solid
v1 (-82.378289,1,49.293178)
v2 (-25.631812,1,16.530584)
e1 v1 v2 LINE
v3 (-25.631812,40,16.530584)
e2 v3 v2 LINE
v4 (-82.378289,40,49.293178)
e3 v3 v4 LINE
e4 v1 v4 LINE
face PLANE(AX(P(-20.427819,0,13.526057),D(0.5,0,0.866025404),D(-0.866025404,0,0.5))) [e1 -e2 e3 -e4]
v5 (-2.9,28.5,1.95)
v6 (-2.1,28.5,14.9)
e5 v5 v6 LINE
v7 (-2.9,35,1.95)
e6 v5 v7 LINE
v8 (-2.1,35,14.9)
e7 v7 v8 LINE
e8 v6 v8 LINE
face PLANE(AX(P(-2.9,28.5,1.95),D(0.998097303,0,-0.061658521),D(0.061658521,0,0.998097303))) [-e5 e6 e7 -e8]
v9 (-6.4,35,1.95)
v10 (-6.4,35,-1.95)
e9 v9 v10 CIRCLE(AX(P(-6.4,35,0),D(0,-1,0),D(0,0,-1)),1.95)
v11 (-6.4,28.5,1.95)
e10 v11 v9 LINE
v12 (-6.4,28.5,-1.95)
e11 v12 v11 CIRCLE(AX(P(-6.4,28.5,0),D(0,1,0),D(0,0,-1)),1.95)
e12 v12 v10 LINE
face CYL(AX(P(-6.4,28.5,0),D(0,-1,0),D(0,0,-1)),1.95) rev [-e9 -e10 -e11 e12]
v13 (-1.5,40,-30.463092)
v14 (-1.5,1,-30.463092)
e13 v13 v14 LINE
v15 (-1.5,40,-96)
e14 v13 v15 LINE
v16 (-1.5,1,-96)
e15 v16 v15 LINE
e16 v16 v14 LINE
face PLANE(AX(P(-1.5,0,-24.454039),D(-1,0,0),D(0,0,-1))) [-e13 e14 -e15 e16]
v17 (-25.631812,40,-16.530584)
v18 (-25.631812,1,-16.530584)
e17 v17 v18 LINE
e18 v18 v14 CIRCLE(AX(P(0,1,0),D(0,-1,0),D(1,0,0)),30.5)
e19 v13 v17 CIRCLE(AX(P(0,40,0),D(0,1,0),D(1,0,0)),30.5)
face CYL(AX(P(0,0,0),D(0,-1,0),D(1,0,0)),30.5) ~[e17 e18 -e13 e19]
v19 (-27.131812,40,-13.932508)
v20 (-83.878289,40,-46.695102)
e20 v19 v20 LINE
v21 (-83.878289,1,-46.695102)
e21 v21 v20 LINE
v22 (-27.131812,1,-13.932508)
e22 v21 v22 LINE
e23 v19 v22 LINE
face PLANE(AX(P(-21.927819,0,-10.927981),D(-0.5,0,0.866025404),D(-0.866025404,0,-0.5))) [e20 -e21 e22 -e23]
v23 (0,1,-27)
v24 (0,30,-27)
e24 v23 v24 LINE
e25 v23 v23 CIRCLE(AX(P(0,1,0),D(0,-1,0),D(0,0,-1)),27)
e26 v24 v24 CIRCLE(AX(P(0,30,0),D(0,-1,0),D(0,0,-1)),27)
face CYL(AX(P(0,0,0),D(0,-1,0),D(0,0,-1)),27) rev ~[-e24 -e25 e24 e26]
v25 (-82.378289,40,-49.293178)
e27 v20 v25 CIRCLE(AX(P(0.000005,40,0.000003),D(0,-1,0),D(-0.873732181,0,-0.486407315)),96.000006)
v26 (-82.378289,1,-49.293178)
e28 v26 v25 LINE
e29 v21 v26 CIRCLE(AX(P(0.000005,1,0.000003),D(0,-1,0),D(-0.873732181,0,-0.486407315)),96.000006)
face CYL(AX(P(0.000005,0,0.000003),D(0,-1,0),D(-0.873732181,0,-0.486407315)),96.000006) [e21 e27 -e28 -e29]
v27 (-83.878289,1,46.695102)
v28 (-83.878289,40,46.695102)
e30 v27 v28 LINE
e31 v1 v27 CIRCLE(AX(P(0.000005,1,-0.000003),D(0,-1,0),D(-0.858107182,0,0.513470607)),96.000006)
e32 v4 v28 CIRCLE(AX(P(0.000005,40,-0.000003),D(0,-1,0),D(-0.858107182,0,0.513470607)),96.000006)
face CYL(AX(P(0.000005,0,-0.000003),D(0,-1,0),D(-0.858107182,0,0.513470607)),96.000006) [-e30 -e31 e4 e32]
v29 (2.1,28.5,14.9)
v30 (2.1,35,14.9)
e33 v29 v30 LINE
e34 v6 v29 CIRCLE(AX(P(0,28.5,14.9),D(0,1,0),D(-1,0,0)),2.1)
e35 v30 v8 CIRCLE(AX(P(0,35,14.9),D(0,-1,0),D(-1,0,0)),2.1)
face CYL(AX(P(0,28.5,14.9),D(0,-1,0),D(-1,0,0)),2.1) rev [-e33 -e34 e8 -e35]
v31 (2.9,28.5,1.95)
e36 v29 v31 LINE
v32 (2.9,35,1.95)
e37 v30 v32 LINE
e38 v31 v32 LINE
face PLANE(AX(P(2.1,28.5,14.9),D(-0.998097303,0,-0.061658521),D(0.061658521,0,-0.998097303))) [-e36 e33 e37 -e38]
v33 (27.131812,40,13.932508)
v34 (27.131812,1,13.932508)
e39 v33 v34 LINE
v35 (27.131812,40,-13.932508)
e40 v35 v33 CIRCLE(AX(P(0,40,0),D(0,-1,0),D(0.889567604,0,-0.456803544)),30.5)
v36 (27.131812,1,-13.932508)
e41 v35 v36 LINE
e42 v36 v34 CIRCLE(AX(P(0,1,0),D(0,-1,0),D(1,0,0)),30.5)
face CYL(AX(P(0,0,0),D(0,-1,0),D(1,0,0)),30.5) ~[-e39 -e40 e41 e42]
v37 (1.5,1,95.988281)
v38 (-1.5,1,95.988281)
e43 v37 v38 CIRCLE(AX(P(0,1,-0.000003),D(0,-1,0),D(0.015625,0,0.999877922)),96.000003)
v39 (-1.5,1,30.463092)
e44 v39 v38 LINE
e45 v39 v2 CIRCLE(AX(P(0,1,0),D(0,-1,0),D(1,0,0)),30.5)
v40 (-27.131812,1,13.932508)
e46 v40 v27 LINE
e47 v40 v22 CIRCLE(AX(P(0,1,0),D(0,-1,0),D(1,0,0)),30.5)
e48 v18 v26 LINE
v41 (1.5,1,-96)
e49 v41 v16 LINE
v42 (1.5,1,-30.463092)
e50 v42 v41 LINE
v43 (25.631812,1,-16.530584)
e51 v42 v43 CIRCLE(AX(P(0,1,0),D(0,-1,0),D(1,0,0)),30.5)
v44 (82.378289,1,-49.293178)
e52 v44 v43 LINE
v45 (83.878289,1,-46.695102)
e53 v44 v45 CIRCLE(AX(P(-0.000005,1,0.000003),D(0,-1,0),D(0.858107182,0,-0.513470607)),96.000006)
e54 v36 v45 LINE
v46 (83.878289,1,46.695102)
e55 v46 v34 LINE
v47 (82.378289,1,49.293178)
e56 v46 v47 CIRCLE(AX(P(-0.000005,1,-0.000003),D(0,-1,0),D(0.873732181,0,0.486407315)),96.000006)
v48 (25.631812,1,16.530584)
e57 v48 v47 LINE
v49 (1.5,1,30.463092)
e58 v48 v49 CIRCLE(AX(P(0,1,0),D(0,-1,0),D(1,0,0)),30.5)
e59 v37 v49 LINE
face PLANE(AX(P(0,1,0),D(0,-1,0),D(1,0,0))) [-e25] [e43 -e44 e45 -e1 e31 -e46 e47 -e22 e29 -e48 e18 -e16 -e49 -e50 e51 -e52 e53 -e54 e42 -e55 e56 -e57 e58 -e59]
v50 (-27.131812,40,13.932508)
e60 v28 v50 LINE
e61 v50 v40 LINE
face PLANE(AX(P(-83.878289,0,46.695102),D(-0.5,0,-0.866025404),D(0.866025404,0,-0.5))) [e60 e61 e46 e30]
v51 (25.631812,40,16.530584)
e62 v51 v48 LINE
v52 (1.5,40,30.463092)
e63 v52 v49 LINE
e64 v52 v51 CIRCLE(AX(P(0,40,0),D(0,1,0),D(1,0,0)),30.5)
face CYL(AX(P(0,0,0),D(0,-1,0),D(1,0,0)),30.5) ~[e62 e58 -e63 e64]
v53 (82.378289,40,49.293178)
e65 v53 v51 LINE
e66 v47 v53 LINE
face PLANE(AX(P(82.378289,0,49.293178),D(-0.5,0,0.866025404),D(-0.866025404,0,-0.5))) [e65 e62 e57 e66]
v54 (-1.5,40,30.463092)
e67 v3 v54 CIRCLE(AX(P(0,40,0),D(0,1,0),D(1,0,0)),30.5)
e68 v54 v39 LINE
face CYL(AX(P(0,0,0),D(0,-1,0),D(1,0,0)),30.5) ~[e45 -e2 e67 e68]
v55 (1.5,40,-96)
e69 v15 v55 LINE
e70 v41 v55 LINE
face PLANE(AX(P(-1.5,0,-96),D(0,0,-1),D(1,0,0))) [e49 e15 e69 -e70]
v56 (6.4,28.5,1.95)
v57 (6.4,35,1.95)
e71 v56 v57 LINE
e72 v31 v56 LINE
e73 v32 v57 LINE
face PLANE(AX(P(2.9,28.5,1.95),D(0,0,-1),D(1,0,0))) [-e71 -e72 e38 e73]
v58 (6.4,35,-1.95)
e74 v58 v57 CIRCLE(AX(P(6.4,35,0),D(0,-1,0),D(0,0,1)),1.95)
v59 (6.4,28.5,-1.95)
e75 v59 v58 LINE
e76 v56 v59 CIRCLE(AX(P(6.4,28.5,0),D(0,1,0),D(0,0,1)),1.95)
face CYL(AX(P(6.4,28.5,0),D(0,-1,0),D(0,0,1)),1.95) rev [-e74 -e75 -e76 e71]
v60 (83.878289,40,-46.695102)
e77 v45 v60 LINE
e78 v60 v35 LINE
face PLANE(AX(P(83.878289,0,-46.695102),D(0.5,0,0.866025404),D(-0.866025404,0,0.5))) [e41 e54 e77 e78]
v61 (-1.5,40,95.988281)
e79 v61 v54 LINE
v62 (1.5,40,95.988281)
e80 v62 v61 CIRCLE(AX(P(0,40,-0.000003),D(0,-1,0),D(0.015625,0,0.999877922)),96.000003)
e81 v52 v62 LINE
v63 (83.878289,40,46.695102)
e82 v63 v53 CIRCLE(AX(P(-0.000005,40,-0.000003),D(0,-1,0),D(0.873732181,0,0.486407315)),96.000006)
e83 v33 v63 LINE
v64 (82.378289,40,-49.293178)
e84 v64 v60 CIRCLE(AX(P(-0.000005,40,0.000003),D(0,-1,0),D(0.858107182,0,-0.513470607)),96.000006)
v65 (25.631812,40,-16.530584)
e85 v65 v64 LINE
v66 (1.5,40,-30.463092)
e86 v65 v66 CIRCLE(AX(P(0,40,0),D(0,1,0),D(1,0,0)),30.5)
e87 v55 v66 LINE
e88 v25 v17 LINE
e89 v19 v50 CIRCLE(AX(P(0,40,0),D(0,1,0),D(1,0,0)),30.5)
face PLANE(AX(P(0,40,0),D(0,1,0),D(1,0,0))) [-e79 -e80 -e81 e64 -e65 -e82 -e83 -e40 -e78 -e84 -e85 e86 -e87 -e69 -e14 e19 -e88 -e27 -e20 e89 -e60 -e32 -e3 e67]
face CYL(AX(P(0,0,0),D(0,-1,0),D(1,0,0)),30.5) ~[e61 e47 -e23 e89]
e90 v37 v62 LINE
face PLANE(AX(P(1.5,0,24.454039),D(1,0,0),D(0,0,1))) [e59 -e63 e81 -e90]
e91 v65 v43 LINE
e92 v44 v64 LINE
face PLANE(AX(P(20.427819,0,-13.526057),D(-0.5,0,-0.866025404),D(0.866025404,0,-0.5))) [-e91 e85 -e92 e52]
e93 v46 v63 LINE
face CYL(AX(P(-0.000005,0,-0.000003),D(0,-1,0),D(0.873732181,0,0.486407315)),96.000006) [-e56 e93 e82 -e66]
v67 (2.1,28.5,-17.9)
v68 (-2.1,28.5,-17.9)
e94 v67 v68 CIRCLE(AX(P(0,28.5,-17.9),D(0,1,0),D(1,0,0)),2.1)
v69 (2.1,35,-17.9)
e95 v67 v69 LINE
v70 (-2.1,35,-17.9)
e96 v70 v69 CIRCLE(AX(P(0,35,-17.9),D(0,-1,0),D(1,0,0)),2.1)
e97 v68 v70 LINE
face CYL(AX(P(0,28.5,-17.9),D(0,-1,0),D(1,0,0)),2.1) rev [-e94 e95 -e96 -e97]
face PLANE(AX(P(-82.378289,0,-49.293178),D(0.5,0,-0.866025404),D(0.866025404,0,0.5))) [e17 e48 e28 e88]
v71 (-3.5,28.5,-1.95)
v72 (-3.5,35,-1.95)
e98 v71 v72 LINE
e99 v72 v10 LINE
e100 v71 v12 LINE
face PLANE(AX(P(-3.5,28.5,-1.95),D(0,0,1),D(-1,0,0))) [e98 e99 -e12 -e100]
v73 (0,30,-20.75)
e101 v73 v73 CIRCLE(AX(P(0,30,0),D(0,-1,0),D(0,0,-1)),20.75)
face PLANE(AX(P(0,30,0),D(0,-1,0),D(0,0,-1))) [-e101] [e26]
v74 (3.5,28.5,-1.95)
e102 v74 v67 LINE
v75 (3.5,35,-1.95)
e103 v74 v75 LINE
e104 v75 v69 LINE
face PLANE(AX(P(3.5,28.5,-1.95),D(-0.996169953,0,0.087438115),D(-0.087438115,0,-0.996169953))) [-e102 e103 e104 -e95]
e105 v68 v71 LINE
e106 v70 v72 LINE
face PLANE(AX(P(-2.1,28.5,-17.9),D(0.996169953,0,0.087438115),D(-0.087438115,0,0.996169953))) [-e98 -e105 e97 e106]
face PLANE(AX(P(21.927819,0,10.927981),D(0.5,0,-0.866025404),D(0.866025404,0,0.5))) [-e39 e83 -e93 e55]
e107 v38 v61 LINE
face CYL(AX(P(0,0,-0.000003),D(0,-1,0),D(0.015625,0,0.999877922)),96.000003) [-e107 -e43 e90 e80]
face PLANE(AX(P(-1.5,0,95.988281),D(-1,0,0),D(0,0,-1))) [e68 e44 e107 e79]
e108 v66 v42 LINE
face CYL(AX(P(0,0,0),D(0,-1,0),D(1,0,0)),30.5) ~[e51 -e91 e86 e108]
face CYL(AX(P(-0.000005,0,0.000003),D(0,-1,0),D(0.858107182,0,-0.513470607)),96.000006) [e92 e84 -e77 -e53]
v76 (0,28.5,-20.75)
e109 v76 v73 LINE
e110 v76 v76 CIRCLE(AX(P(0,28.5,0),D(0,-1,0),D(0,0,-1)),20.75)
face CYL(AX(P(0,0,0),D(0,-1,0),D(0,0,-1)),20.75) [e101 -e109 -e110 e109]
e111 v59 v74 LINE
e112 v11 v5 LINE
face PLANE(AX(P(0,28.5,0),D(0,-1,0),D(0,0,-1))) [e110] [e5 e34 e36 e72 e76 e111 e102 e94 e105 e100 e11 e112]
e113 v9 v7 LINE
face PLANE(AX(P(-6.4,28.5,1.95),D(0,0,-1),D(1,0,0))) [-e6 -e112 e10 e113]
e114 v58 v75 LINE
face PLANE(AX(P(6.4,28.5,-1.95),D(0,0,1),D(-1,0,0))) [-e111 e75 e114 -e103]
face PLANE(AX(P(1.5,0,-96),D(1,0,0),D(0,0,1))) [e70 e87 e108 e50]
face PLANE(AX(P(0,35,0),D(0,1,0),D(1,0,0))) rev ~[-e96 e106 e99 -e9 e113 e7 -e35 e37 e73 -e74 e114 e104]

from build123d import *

# Parameters (mm, degrees)
SKETCH_1_R          = 20.5
EXTRUDE_1_DEPTH     = 40
SKETCH_2_R          = 21
EXTRUDE_2_DEPTH     = 35
SKETCH_4_R          = 20.75
CUT_EXTRUDE_2_DEPTH = 28.5
CUT_EXTRUDE_3_DEPTH = 17
EXTRUDE_START       = -40
SKETCH_7_R          = 30.5
SKETCH_7_R_2        = 24.5
EXTRUDE_4_DEPTH     = 40
SKETCH_8_R          = 27
SKETCH_8_R_2        = 20.75
CUT_EXTRUDE_4_DEPTH = 30
SKETCH_9_R          = 20.5
EXTRUDE_5_DEPTH     = 5
SKETCH_11_R         = 155.050037834
CUT_EXTRUDE_5_DEPTH = 1


with BuildPart() as part:
    # 草图1 → 凸台-拉伸1 (new body)
    with BuildSketch(Plane(origin=(0, 0, 0), x_dir=(1, 0, 0), z_dir=(0, 1, 0))):
        with BuildLine():
            Line((82.378289409, -49.293178373), (20.427818585, -13.526057366))
            ThreePointArc((20.427818585, -13.526057366), (12.25, -21.217622393), (1.5, -24.454038521))
            Line((1.5, -24.454038521), (1.5, -95.988280535))
            ThreePointArc((1.5, -95.988280535), (0, -96), (-1.5, -95.988280535))
            Line((-1.5, -95.988280535), (-1.5, -24.454038521))
            ThreePointArc((-1.5, -24.454038521), (-12.25, -21.217622393), (-20.427818585, -13.526057366))
            Line((-20.427818585, -13.526057366), (-82.378289409, -49.293178373))
            ThreePointArc((-82.378289409, -49.293178373), (-83.138438763, -48), (-83.878289409, -46.695102162))
            Line((-83.878289409, -46.695102162), (-21.927818585, -10.927981155))
            ThreePointArc((-21.927818585, -10.927981155), (-24.5, 0), (-21.927818585, 10.927981155))
            Line((-21.927818585, 10.927981155), (-83.878289409, 46.695102162))
            ThreePointArc((-83.878289409, 46.695102162), (-83.138438763, 48), (-82.378289409, 49.293178373))
            Line((-82.378289409, 49.293178373), (-20.427818585, 13.526057366))
            ThreePointArc((-20.427818585, 13.526057366), (-12.25, 21.217622393), (-1.5, 24.454038521))
            Line((-1.5, 24.454038521), (-1.5, 96))
            Line((-1.5, 96), (0.874477385, 96))
            Line((0.874477385, 96), (1.5, 96))
            Line((1.5, 96), (1.5, 24.454038521))
            ThreePointArc((1.5, 24.454038521), (12.25, 21.217622393), (20.427818585, 13.526057366))
            Line((20.427818585, 13.526057366), (82.378289409, 49.293178373))
            ThreePointArc((82.378289409, 49.293178373), (83.138438763, 48), (83.878289409, 46.695102162))
            Line((83.878289409, 46.695102162), (21.927818585, 10.927981155))
            ThreePointArc((21.927818585, 10.927981155), (24.5, 0), (21.927818585, -10.927981155))
            Line((21.927818585, -10.927981155), (83.878289409, -46.695102162))
            ThreePointArc((83.878289409, -46.695102162), (83.138438763, -48), (82.378289409, -49.293178373))
        make_face()
        with Locations(Location((0, 0, 0), (0, 0, 270))):
            Circle(SKETCH_1_R, mode=Mode.SUBTRACT)
    extrude(amount=EXTRUDE_1_DEPTH)

    # 草图2 → 凸台-拉伸2 (add)
    with BuildSketch(Plane.XZ):
        Circle(SKETCH_2_R)
    extrude(amount=-EXTRUDE_2_DEPTH)

    # 草图4 → 切除-拉伸2 (cut)
    with BuildSketch(Plane.XZ):
        with Locations(Location((0, 0, 0), (0, 0, 270))):
            Circle(SKETCH_4_R)
    extrude(amount=-CUT_EXTRUDE_2_DEPTH, mode=Mode.SUBTRACT)

    # 草图6 → 切除-拉伸3 (cut)
    with BuildSketch(Plane.XZ.offset(-28.5)):
        with BuildLine():
            Line((-6.4, 1.95), (-2.9, 1.95))
            Line((-2.9, 1.95), (-2.1, 14.9))
            ThreePointArc((-2.1, 14.9), (0, 17), (2.1, 14.9))
            Line((2.1, 14.9), (2.9, 1.95))
            Line((2.9, 1.95), (6.4, 1.95))
            ThreePointArc((6.4, 1.95), (8.35, 0), (6.4, -1.95))
            Line((6.4, -1.95), (3.5, -1.95))
            Line((3.5, -1.95), (2.1, -17.9))
            ThreePointArc((2.1, -17.9), (0, -20), (-2.1, -17.9))
            Line((-2.1, -17.9), (-3.5, -1.95))
            Line((-3.5, -1.95), (-6.4, -1.95))
            ThreePointArc((-6.4, -1.95), (-8.35, 0), (-6.4, 1.95))
        make_face()
    extrude(amount=-CUT_EXTRUDE_3_DEPTH, mode=Mode.SUBTRACT)

    # 草图7 → 凸台-拉伸4 (add)
    with BuildSketch(Plane(origin=(0, 40, 0), x_dir=(1, 0, 0), z_dir=(0, 1, 0)).offset(EXTRUDE_START)):
        Circle(SKETCH_7_R)
        Circle(SKETCH_7_R_2, mode=Mode.SUBTRACT)
    extrude(amount=EXTRUDE_4_DEPTH)

    # 草图8 → 切除-拉伸4 (cut)
    with BuildSketch(Plane.XZ):
        with Locations(Location((0, 0, 0), (0, 0, 270))):
            Circle(SKETCH_8_R)
        with Locations(Location((0, 0, 0), (0, 0, 270))):
            Circle(SKETCH_8_R_2, mode=Mode.SUBTRACT)
    extrude(amount=-CUT_EXTRUDE_4_DEPTH, mode=Mode.SUBTRACT)

    # 草图9 → 凸台-拉伸5 (add)
    with BuildSketch(Plane(origin=(0, 35, 0), x_dir=(1, 0, 0), z_dir=(0, 1, 0))):
        Circle(SKETCH_9_R)
    extrude(amount=EXTRUDE_5_DEPTH)

    # 草图11 → 切除-拉伸5 (cut)
    with BuildSketch(Plane.XZ):
        Circle(SKETCH_11_R)
    extrude(amount=-CUT_EXTRUDE_5_DEPTH, mode=Mode.SUBTRACT)


solid = part.part
